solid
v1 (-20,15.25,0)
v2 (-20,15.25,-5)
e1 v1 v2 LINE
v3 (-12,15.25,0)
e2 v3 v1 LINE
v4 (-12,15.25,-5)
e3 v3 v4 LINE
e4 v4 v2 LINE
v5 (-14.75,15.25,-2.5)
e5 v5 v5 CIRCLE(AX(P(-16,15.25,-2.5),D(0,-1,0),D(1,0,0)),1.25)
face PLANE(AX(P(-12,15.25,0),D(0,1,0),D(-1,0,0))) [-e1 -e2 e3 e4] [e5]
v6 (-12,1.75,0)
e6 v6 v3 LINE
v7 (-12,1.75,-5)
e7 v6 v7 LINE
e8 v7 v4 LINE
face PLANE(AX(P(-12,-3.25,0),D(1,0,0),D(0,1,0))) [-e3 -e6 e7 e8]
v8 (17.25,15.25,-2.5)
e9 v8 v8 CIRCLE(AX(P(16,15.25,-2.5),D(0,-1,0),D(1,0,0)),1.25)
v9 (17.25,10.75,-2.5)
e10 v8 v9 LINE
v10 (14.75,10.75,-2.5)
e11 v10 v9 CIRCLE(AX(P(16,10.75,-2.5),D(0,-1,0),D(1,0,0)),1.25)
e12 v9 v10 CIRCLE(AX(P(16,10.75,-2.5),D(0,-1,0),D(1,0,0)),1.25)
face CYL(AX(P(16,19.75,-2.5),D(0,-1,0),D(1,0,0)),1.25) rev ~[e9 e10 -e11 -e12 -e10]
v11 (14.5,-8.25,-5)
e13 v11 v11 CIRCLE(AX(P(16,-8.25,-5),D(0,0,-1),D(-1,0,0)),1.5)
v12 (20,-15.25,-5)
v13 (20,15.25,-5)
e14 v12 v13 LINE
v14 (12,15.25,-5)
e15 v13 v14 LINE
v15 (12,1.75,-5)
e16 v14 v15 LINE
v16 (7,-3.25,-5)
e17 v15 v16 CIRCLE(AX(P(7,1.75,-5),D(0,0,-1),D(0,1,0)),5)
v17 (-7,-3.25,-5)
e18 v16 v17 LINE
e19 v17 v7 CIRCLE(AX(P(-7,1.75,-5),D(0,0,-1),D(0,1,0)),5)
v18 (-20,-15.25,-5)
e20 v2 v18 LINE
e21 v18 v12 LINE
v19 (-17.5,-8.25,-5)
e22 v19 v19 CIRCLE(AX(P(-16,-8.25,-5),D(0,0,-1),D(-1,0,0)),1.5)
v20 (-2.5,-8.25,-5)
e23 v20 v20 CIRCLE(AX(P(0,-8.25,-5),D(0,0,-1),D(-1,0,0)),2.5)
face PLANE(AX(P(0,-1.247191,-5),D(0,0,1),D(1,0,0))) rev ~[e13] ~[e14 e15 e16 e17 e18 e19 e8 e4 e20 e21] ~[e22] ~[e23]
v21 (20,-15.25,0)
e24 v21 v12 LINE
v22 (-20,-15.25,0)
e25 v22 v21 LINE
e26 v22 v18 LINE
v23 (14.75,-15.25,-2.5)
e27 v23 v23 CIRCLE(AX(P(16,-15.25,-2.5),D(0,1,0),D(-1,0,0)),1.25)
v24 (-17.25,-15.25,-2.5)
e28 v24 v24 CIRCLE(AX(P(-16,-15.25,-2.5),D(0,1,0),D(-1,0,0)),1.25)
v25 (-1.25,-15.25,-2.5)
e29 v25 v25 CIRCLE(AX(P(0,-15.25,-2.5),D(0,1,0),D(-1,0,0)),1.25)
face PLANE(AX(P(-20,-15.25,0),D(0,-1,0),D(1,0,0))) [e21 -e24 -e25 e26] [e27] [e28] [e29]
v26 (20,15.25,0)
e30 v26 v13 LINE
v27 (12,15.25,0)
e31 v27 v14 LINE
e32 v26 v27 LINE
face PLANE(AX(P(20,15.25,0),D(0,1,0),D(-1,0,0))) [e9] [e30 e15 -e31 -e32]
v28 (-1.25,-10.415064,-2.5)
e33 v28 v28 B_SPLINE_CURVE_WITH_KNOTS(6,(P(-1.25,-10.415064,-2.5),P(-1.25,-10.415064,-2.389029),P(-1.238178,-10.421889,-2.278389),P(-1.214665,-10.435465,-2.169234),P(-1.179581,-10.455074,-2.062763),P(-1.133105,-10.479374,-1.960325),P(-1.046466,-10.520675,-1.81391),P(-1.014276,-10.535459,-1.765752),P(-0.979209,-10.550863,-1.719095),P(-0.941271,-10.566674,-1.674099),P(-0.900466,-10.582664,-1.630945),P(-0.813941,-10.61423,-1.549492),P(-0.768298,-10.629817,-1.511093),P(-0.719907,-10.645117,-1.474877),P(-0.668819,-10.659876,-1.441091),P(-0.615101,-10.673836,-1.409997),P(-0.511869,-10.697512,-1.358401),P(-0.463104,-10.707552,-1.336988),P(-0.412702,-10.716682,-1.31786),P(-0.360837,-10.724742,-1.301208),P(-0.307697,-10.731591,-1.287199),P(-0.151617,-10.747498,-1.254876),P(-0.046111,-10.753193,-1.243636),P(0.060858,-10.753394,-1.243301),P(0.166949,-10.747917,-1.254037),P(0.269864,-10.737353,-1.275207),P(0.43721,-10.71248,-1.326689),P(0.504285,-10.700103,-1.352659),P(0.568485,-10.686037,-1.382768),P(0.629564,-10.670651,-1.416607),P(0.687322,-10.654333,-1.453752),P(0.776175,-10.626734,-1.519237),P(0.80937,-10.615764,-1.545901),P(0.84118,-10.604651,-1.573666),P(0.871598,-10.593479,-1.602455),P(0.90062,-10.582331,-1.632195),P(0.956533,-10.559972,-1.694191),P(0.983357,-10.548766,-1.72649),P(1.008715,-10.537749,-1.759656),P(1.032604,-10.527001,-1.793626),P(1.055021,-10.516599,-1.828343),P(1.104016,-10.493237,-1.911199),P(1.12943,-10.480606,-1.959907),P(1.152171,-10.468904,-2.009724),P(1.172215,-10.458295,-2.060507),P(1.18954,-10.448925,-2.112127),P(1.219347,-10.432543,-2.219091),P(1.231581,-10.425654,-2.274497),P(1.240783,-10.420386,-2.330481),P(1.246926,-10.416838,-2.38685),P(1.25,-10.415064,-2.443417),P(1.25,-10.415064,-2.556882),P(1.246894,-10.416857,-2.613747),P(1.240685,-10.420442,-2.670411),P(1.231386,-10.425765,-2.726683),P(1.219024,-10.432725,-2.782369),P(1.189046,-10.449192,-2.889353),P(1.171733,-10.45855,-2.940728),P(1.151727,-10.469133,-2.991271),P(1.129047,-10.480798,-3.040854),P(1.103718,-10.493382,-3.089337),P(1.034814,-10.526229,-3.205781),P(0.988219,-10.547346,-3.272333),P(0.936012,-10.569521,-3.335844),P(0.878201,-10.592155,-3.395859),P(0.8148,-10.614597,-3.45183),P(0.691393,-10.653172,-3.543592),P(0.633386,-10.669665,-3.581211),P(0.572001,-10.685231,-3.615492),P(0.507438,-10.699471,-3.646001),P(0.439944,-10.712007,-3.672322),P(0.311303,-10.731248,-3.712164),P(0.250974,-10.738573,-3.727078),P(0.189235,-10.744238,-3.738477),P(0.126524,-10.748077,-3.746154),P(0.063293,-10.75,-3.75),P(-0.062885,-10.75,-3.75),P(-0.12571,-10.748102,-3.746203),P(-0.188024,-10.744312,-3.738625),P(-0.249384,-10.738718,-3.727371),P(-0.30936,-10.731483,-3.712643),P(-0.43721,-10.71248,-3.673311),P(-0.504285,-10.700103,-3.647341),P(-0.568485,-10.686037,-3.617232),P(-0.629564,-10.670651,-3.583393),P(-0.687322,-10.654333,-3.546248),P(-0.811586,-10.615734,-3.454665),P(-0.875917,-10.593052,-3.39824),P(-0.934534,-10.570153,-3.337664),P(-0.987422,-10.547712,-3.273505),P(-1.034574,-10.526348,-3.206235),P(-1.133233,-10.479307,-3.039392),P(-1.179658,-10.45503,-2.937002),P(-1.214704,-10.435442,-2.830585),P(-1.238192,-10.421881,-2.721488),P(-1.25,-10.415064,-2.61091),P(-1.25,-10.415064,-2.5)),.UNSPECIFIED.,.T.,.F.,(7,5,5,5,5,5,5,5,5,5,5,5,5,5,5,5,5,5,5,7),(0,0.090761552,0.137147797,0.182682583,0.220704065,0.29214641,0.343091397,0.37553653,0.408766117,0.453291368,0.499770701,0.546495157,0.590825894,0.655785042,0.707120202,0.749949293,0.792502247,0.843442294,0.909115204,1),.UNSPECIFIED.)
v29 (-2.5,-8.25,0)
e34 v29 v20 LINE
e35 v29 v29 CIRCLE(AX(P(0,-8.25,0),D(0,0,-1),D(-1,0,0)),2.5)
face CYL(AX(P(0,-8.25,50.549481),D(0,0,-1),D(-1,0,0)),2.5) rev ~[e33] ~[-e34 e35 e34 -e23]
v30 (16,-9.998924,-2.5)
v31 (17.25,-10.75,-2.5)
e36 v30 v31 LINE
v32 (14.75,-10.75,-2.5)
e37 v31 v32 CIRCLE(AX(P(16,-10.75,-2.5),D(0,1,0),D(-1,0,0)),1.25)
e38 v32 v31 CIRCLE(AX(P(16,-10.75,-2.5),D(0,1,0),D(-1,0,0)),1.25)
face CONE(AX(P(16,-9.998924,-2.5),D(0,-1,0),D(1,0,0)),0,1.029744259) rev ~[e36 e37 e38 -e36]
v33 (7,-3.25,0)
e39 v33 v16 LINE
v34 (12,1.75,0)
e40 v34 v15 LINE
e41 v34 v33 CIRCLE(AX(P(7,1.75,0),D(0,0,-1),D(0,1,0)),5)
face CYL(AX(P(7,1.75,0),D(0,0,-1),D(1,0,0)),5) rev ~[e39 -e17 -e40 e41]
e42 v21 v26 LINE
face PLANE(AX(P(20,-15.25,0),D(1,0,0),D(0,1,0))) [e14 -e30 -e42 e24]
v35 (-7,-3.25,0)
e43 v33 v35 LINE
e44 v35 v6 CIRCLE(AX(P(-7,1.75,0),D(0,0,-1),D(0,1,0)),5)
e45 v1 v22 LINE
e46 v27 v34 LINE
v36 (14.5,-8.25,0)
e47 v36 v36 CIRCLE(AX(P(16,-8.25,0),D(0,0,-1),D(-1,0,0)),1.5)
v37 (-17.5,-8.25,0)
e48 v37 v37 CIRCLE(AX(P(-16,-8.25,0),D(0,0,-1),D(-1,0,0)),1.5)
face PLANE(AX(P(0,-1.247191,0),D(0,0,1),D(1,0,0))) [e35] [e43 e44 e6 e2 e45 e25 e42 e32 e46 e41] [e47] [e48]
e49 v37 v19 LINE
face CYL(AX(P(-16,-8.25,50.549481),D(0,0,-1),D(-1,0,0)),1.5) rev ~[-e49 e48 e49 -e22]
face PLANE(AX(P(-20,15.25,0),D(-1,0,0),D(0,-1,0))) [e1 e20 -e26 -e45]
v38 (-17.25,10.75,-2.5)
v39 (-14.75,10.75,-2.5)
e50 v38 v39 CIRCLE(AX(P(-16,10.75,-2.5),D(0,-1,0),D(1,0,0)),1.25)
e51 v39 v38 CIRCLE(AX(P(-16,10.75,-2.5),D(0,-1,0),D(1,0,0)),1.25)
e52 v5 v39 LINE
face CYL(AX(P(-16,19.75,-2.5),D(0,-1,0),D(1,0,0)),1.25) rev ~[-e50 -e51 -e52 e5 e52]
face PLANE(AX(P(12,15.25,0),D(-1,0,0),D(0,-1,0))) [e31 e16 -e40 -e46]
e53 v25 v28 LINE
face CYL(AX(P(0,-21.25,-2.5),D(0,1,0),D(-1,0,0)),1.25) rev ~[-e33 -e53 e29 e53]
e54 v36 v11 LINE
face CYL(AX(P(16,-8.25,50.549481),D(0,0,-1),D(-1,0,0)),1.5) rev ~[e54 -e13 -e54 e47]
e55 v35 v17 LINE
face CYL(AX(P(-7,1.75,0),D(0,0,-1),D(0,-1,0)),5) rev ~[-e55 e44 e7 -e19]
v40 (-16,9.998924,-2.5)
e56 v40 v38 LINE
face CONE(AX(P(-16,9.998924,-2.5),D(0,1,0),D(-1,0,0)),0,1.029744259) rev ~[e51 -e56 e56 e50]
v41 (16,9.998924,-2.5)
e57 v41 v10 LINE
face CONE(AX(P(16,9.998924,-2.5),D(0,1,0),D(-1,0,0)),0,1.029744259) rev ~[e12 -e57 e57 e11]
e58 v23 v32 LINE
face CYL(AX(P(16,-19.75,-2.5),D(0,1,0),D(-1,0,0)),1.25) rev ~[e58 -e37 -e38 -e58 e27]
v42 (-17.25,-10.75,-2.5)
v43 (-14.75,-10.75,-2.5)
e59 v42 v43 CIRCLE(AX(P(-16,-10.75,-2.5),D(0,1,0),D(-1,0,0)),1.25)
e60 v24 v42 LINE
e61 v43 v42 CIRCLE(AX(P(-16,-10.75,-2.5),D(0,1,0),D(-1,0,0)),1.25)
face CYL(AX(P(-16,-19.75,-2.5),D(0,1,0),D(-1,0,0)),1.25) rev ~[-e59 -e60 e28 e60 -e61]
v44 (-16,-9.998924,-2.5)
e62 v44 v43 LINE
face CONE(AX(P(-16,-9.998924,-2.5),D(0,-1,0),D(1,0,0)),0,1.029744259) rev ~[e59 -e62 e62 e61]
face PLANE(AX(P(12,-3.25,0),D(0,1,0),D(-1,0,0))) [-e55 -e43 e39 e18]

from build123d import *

# Parameters (mm, degrees)
F1_DEPTH       = 5
F2_R           = 5
F3_D           = 3
F6_D           = 2.5
F6_DEPTH       = 4.5
F6_TIP         = 0.7510757738
F6_ON_F5_D     = 2.5
F6_ON_F5_DEPTH = 4.5
F6_ON_F5_TIP   = 0.7510757738
F7_D           = 5
F8_D           = 2.5
F8_DEPTH       = 6
F8_TIP         = 0.7510757738


with BuildPart() as f1:
    # F0 (on Top) → F1 (new body)
    with BuildSketch(Plane.XY):
        Polygon((-20, -15.25), (20, -15.25), (20, 15.25), (12, 15.25), (12, -3.25), (-12, -3.25), (-12, 15.25), (-20, 15.25), align=None)
    extrude(amount=-F1_DEPTH)

    # F2
    f2_edges = [f1.edges().sort_by_distance(p)[0] for p in [
        (-12, -3.25, -2.5),
        (12, -3.25, -2.5),
    ]]
    fillet(f2_edges, radius=F2_R)

    # F3 (through all)
    with Locations(Plane.XY):
        with Locations((-16, -8.25), (16, -8.25)):
            Hole(F3_D / 2)

    # F6
    with Locations(Plane(origin=(0, 15.25, 0), x_dir=(-1, 0, 0), z_dir=(0, 1, 0))):
        with Locations((-16, -2.5), (16, -2.5)):
            Hole(F6_D / 2, depth=F6_DEPTH)
            with Locations((0, 0, -(F6_DEPTH + F6_TIP / 2))):  # 118° drill point
                Cone(0, F6_D / 2, F6_TIP, mode=Mode.SUBTRACT)

    # F6 on F5
    with Locations(Plane.XZ.offset(15.25)):
        with Locations((-16, -2.5), (16, -2.5)):
            Hole(F6_ON_F5_D / 2, depth=F6_ON_F5_DEPTH)
            with Locations((0, 0, -(F6_ON_F5_DEPTH + F6_ON_F5_TIP / 2))):  # 118° drill point
                Cone(0, F6_ON_F5_D / 2, F6_ON_F5_TIP, mode=Mode.SUBTRACT)

    # F7 (through all)
    with Locations(Plane.XY):
        with Locations((0, -8.25)):
            Hole(F7_D / 2)

    # F8
    with Locations(Plane.XZ.offset(15.25)):
        with Locations((0, -2.5)):
            Hole(F8_D / 2, depth=F8_DEPTH)
            with Locations((0, 0, -(F8_DEPTH + F8_TIP / 2))):  # 118° drill point
                Cone(0, F8_D / 2, F8_TIP, mode=Mode.SUBTRACT)


solid = f1.part
